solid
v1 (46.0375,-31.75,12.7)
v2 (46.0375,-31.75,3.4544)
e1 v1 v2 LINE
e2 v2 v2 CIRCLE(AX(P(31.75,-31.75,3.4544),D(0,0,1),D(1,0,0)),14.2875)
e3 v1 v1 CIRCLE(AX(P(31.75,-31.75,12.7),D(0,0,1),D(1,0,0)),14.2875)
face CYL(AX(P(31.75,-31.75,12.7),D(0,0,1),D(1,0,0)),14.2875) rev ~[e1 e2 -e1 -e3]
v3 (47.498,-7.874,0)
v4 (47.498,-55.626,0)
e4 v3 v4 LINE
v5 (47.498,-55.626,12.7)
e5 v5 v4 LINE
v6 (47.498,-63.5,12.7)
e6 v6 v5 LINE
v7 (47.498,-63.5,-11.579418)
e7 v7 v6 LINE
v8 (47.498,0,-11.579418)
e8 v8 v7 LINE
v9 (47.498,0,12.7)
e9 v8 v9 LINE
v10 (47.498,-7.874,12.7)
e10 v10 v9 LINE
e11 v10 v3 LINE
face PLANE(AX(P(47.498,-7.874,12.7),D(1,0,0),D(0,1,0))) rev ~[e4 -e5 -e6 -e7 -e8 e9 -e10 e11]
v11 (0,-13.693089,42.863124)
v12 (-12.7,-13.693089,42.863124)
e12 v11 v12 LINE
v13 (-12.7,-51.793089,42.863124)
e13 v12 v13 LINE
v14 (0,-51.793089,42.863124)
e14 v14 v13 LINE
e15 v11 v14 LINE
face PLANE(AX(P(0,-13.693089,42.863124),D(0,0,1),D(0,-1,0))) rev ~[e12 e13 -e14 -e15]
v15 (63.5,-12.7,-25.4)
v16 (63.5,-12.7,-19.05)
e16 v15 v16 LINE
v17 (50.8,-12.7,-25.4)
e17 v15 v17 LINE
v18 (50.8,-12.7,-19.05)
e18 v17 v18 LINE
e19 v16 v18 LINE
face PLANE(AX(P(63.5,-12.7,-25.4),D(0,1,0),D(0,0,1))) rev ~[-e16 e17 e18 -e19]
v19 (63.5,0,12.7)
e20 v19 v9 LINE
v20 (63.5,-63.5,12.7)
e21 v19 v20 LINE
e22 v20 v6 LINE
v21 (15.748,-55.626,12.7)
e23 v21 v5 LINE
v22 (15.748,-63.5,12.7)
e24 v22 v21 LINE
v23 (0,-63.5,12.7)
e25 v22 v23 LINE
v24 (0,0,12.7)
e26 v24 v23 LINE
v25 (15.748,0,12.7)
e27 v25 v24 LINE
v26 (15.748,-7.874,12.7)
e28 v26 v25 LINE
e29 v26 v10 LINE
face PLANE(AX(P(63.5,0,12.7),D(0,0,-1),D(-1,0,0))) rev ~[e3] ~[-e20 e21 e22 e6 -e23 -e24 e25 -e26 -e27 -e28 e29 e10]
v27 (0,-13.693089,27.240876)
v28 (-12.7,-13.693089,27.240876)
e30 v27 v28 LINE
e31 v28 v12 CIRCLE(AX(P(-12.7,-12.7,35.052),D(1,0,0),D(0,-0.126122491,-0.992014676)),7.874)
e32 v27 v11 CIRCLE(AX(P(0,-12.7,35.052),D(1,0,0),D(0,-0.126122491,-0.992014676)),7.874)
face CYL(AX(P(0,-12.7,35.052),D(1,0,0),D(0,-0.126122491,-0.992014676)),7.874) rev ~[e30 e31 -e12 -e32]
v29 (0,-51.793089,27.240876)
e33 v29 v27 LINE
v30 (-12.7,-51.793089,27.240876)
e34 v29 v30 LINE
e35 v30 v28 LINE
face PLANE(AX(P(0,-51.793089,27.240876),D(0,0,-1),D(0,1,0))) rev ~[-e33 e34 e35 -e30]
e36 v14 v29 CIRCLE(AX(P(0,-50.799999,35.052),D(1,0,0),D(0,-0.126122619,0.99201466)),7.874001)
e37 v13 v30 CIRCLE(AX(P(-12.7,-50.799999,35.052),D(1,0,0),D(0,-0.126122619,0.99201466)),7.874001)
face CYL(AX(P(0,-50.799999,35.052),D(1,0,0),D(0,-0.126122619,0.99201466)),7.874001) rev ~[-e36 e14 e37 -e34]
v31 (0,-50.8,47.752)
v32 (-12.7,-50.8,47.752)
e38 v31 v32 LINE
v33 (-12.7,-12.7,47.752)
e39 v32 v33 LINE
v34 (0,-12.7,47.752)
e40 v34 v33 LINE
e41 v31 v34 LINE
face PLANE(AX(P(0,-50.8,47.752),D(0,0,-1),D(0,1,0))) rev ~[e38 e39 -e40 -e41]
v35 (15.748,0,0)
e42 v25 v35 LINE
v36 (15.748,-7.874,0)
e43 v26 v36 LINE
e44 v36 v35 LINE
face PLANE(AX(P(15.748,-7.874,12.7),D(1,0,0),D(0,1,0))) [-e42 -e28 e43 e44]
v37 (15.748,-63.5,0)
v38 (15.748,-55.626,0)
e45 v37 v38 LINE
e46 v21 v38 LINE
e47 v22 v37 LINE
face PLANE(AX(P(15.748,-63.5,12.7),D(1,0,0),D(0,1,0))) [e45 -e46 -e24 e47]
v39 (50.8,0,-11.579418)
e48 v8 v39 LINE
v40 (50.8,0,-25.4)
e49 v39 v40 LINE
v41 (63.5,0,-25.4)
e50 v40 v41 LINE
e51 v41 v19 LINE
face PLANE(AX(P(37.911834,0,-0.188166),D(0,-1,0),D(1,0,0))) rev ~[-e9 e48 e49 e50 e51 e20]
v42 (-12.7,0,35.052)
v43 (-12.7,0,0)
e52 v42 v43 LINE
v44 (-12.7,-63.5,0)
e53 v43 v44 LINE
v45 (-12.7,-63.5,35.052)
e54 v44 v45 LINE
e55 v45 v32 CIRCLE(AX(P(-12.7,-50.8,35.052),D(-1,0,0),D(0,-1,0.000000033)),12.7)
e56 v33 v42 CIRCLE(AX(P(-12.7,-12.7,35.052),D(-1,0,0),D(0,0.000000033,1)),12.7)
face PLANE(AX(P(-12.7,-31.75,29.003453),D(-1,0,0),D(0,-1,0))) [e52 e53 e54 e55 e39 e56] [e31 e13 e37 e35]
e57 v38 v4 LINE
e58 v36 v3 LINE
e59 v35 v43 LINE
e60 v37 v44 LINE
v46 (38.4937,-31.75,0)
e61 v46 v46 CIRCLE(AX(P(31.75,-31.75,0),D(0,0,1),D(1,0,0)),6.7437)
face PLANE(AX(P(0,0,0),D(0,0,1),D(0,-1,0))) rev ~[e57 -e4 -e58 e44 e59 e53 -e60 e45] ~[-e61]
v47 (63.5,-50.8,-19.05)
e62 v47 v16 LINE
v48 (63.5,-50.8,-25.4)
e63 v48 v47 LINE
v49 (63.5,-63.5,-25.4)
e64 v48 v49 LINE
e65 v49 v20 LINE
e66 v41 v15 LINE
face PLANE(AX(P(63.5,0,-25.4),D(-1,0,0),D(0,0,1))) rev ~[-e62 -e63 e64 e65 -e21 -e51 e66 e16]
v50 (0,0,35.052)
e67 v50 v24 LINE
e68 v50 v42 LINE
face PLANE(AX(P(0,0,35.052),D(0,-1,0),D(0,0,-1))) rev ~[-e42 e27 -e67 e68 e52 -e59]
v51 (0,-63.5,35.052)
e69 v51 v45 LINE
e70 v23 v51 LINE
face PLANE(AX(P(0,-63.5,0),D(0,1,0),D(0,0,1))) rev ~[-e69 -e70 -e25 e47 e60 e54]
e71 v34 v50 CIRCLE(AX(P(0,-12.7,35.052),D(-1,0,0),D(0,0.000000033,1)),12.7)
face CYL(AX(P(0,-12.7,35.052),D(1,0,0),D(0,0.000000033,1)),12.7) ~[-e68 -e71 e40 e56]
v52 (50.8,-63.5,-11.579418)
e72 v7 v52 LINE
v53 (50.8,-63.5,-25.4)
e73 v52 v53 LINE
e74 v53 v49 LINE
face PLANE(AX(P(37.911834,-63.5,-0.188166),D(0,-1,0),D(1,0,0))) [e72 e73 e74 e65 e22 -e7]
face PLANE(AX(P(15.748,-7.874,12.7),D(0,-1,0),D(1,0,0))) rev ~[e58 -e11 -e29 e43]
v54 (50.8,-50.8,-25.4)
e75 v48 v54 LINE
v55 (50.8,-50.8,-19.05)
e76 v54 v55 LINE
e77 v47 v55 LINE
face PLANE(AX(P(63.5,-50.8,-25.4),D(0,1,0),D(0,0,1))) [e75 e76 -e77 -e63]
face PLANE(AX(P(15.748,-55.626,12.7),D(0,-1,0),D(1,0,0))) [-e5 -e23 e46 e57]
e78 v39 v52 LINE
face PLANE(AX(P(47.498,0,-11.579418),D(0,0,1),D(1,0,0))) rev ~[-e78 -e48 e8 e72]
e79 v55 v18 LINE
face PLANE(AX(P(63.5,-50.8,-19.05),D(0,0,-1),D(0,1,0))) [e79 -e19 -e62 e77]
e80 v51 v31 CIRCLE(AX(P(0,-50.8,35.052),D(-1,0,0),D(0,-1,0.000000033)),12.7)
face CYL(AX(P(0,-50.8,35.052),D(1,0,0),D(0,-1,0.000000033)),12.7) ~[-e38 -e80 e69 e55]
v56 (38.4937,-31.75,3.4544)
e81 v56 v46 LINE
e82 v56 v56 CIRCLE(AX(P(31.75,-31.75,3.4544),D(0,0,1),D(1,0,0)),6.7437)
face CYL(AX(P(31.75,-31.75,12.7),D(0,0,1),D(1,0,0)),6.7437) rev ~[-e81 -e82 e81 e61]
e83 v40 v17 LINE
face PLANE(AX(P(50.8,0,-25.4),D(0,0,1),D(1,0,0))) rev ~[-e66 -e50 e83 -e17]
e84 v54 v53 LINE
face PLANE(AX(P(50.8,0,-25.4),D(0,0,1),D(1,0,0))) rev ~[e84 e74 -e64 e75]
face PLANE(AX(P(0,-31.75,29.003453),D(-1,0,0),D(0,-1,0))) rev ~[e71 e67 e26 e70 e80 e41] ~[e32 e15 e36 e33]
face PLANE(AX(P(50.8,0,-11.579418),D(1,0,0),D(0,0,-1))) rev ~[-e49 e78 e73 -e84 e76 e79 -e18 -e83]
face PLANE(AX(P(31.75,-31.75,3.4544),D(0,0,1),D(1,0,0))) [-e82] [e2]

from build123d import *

# Parameters (mm, degrees)
F1_DEPTH = 63.5
F2_W     = 38.1
F2_H     = 6.35
F3_DEPTH = 63.501
F4_W     = 31.75
F4_H     = 7.874
F5_DEPTH = 38.101
F4_R     = 14.2875
F4_R_2   = 6.7437
F6_DEPTH = 9.2456
F7_DEPTH = 38.101
F8_W     = 63.5
F8_H     = 12.7
F9_DEPTH = 12.7


with BuildPart() as f1:
    # F0 (on Front) → F1 (new body)
    with BuildSketch(Plane.XZ):
        Polygon((0, 12.7), (0, 0), (47.498, 0), (47.498, -11.579418), (50.8, -11.579418), (50.8, -25.4), (63.5, -25.4), (63.5, 12.7), (47.498, 12.7), align=None)
    extrude(amount=F1_DEPTH)

    # F2 (on face) → F3 (cut, through all)
    with BuildSketch(Plane.YZ.offset(63.5)):
        with Locations((-31.75, -22.225)):
            Rectangle(F2_W, F2_H)
    extrude(amount=-F3_DEPTH, mode=Mode.SUBTRACT)

    # F4 (on face) → F5 (cut, through all)
    with BuildSketch(Plane.XY.offset(12.7)):
        with Locations((31.623, -3.937)):
            Rectangle(F4_W, F4_H)
        with Locations((31.623, -59.563)):
            Rectangle(F4_W, F4_H)
    extrude(amount=-F5_DEPTH, mode=Mode.SUBTRACT)

    # F4 (on face) → F6 (cut)
    with BuildSketch(Plane.XY.offset(12.7)):
        with Locations((31.75, -31.75)):
            Circle(F4_R)
        with Locations((31.75, -31.75)):
            Circle(F4_R_2, mode=Mode.SUBTRACT)
    extrude(amount=-F6_DEPTH, mode=Mode.SUBTRACT)

    # F4 (on face) → F7 (cut, through all)
    with BuildSketch(Plane.XY.offset(12.7)):
        with Locations((31.75, -31.75)):
            Circle(F4_R_2)
    extrude(amount=-F7_DEPTH, mode=Mode.SUBTRACT)

    # F8 (on face) → F9 (join)
    with BuildSketch(Plane(origin=(0, 0, 0), x_dir=(0, -1, 0), z_dir=(-1, 0, 0))):
        with BuildLine():
            Line((0, 35.052), (0, 12.7))
            Line((0, 12.7), (63.5, 12.7))
            Line((63.5, 12.7), (63.5, 35.052))
            ThreePointArc((63.5, 35.052), (59.780256, 44.032256), (50.8, 47.752))
            Line((50.8, 47.752), (12.7, 47.752))
            ThreePointArc((12.7, 47.752), (3.719744, 44.032256), (0, 35.052))
        make_face()
        with BuildLine():
            Line((13.693089, 42.863124), (51.793089, 42.863124))
            ThreePointArc((51.793089, 42.863124), (58.674, 35.052), (51.793089, 27.240876))
            Line((51.793089, 27.240876), (13.693089, 27.240876))
            ThreePointArc((13.693089, 27.240876), (4.826, 35.052), (13.693089, 42.863124))
        make_face(mode=Mode.SUBTRACT)
        with Locations((31.75, 6.35)):
            Rectangle(F8_W, F8_H)
    extrude(amount=F9_DEPTH)


solid = f1.part
